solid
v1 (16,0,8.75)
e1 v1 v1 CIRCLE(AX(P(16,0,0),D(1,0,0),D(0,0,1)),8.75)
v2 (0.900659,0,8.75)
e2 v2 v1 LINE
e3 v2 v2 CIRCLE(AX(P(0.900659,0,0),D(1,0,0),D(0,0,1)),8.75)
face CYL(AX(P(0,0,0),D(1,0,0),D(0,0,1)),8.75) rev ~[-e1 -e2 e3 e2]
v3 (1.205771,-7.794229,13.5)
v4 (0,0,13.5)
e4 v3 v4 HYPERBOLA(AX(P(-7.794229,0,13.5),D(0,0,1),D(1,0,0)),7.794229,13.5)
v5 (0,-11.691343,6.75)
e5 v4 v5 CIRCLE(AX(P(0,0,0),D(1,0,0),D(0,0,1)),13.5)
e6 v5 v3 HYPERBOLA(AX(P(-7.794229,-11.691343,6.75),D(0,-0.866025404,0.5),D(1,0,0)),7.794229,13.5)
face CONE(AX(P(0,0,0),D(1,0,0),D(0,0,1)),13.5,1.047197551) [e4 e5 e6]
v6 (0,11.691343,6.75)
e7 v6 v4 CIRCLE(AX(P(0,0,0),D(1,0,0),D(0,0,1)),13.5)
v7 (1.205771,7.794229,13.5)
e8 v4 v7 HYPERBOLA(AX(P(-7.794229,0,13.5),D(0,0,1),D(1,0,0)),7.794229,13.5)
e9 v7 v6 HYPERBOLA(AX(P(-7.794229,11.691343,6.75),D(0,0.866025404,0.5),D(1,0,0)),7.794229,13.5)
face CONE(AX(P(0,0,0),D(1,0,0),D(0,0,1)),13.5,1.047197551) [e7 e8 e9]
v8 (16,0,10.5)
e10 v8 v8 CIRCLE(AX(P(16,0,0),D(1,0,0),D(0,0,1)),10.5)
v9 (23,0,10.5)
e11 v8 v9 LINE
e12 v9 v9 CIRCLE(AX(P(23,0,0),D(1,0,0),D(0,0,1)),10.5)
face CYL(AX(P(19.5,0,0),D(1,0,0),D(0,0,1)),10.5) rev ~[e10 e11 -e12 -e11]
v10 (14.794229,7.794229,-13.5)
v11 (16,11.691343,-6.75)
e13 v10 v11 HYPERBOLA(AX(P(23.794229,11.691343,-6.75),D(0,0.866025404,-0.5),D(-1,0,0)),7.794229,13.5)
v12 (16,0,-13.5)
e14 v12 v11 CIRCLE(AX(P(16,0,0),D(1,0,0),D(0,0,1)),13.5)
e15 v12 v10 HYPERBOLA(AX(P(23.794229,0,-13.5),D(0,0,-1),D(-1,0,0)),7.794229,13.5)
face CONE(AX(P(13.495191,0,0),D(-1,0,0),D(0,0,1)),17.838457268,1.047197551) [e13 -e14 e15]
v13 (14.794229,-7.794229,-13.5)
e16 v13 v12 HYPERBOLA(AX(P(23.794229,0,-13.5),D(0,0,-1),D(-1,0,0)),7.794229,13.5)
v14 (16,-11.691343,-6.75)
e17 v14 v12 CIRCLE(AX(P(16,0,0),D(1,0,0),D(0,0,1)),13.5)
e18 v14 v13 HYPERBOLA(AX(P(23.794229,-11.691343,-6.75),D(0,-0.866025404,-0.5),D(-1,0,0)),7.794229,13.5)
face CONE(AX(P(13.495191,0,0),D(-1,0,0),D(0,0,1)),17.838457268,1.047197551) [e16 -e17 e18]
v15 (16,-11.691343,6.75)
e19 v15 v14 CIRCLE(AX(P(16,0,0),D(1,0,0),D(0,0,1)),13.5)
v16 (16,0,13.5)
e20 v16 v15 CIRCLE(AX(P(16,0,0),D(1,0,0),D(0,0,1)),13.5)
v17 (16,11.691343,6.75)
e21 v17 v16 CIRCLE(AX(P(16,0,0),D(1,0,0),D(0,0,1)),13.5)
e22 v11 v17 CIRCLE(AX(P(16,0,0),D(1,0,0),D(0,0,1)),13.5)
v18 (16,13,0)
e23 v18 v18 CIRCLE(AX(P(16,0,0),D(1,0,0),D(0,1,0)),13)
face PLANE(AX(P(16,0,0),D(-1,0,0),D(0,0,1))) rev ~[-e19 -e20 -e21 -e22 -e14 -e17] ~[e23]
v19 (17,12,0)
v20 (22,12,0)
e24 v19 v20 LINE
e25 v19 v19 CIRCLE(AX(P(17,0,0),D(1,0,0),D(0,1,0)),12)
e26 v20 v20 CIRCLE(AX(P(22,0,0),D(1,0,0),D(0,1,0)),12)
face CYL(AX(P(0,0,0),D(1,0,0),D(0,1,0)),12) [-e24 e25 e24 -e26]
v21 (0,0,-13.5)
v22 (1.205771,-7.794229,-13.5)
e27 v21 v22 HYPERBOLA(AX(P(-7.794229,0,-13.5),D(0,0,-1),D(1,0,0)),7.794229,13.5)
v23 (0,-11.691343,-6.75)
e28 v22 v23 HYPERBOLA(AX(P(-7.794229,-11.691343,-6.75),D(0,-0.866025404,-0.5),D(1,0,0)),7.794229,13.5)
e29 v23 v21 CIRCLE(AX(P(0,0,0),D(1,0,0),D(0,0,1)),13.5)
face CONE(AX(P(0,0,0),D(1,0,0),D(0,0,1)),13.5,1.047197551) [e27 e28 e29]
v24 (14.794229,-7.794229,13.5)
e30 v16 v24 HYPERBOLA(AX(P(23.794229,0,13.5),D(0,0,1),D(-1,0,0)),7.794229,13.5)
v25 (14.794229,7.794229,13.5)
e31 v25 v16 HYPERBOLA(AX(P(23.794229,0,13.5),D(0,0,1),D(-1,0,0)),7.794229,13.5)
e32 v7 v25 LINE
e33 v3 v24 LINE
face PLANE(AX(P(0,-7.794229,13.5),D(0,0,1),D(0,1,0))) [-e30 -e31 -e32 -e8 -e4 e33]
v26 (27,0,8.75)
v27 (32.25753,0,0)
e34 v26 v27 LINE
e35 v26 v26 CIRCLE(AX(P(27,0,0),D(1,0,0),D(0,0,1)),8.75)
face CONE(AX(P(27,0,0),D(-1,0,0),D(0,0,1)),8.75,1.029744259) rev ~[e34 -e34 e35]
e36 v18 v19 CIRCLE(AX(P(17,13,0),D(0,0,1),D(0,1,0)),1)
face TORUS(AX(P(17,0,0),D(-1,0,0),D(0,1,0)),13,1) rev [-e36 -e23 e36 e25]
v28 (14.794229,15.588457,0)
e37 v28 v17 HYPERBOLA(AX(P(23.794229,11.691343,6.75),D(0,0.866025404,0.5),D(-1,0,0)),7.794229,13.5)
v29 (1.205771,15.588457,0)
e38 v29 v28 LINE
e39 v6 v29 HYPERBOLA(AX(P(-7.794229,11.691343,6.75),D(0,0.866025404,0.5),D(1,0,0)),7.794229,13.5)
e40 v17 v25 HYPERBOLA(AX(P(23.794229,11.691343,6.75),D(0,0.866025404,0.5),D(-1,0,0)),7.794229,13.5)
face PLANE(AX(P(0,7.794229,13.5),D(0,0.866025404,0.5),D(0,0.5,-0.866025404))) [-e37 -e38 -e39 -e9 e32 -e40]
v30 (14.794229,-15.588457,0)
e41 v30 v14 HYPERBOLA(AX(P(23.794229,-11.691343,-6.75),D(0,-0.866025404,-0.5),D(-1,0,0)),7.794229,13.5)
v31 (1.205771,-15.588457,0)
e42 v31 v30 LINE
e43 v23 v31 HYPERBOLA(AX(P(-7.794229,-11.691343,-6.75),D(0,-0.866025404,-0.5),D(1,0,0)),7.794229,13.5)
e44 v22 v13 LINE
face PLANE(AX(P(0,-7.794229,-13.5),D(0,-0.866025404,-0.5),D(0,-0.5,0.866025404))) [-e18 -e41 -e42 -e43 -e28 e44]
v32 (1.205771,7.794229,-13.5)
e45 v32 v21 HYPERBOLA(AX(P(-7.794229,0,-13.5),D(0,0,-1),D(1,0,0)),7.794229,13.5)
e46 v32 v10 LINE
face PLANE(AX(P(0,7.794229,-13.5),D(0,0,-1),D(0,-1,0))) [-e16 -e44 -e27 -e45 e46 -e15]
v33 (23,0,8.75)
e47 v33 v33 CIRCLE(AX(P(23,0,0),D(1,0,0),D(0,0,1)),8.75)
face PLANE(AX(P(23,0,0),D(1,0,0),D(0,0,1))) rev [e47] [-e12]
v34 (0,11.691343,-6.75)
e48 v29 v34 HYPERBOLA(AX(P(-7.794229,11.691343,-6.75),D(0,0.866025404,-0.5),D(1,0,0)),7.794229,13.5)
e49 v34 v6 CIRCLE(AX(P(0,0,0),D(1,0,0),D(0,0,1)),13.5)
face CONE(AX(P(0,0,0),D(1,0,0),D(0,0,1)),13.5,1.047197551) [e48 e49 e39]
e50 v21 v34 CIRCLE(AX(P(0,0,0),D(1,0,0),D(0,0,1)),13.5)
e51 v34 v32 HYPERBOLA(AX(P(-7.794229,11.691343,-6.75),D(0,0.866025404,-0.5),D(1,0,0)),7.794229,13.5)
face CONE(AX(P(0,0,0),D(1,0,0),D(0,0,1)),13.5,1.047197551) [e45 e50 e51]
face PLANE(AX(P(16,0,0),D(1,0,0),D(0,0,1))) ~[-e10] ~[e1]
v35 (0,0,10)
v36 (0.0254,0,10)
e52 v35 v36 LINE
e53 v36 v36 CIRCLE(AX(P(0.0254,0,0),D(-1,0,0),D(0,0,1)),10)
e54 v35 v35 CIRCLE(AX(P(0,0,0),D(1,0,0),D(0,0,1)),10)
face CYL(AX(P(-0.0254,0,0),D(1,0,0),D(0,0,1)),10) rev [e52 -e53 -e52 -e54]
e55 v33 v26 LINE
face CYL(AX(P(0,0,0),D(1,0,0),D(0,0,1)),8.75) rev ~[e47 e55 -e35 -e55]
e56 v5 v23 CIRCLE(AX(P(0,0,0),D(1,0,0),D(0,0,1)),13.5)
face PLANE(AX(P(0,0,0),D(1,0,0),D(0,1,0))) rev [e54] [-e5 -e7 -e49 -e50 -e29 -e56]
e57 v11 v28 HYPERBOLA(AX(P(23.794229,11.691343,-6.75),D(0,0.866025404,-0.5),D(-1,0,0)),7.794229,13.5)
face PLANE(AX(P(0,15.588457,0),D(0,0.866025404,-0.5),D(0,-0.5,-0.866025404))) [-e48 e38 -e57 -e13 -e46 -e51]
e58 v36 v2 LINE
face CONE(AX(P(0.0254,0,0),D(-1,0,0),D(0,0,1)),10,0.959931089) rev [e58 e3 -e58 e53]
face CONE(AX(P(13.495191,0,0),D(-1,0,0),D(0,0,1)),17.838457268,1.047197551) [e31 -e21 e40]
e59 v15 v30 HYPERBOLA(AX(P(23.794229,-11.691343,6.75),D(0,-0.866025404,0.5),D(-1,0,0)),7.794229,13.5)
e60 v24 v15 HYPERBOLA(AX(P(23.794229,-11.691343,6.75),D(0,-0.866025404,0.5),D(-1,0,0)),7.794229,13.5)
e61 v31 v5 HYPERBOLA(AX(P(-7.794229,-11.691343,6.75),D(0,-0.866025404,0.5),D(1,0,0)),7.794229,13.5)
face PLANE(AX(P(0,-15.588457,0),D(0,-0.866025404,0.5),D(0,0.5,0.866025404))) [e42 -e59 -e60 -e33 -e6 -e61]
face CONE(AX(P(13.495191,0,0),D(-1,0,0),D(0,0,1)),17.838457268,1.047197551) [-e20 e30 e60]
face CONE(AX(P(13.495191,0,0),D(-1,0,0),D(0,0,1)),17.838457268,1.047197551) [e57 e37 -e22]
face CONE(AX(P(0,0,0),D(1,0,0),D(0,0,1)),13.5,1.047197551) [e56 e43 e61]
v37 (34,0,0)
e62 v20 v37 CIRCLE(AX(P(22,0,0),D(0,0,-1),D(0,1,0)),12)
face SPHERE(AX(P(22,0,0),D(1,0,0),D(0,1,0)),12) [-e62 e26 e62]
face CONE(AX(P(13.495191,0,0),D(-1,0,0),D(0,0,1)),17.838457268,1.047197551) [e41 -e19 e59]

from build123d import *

# Parameters (mm, degrees)
BASENUT_DEPTH = 16
GRVSKE_W      = 7
GRVSKE_H      = 2.75
DOMEFILLET_R  = 1


with BuildPart() as part:
    # BaseNutSke → BaseNut (new body)
    with BuildSketch(Plane(origin=(0, 0, 0), x_dir=(0, 0, -1), z_dir=(1, 0, 0))):
        Polygon((13.5, 7.794228634), (13.5, -7.794228634), (0, -15.588457268), (-13.5, -7.794228634), (-13.5, 7.794228634), (0, 15.588457268), align=None)
    extrude(amount=BASENUT_DEPTH)

    # DomeSke → Dome (revolve)
    with BuildSketch(Plane.XY):
        with BuildLine():
            Line((34, 0), (0, 0))
            Line((0, 0), (0, 12))
            Line((0, 12), (22, 12))
            ThreePointArc((22, 12), (30.485281374, 8.485281374), (34, 0))
        make_face()
    revolve(axis=Axis((0, 0, 0), (1, 0, 0)))

    # Sketch4 → DoubleChamfer (revolve, cut)
    with BuildSketch(Plane.XY, mode=Mode.PRIVATE) as doublechamfer_sk:
        Polygon((0, 13.5), (2.504809472, 17.838457268), (13.495190528, 17.838457268), (16, 13.5), (18, 13.5), (18, 28.5), (-2, 28.5), (-2, 13.5), align=None)
    revolve(doublechamfer_sk.sketch.rotate(Axis((0, 0, 0), (1, 0, 0)), 90), axis=Axis((0, 0, 0), (1, 0, 0)), mode=Mode.SUBTRACT)

    # TapDriSke → TapDrill (revolve, cut)
    with BuildSketch(Plane.XY, mode=Mode.PRIVATE) as tapdrill_sk:
        Polygon((0, 8.75), (27, 8.75), (32.257530416, 0), (0, 0), align=None)
    revolve(tapdrill_sk.sketch.rotate(Axis((0, 0, 0), (1, 0, 0)), 90), axis=Axis((0, 0, 0), (1, 0, 0)), mode=Mode.SUBTRACT)

    # GrvSke → Groove (revolve, cut)
    with BuildSketch(Plane.XY, mode=Mode.PRIVATE) as groove_sk:
        with Locations((19.5, 9.125)):
            Rectangle(GRVSKE_W, GRVSKE_H)
    revolve(groove_sk.sketch.rotate(Axis((0, 0, 0), (1, 0, 0)), 90), axis=Axis((0, 0, 0), (1, 0, 0)), mode=Mode.SUBTRACT)

    # EndChamferSketch → EndChamfer (revolve, cut)
    with BuildSketch(Plane.XY, mode=Mode.PRIVATE) as endchamfer_sk:
        Polygon((-0.0254, 10), (0.0254, 10), (0.988185365, 8.625), (-0.0254, 8.625), align=None)
    revolve(endchamfer_sk.sketch.rotate(Axis((0, 0, 0), (-1, 0, 0)), 270), axis=Axis((0, 0, 0), (-1, 0, 0)), mode=Mode.SUBTRACT)

    # DomeFillet
    domefillet_edges = [part.edges().sort_by_distance(p)[0] for p in [
        (16, -12, 0),
    ]]
    fillet(domefillet_edges, radius=DOMEFILLET_R)


solid = part.part
